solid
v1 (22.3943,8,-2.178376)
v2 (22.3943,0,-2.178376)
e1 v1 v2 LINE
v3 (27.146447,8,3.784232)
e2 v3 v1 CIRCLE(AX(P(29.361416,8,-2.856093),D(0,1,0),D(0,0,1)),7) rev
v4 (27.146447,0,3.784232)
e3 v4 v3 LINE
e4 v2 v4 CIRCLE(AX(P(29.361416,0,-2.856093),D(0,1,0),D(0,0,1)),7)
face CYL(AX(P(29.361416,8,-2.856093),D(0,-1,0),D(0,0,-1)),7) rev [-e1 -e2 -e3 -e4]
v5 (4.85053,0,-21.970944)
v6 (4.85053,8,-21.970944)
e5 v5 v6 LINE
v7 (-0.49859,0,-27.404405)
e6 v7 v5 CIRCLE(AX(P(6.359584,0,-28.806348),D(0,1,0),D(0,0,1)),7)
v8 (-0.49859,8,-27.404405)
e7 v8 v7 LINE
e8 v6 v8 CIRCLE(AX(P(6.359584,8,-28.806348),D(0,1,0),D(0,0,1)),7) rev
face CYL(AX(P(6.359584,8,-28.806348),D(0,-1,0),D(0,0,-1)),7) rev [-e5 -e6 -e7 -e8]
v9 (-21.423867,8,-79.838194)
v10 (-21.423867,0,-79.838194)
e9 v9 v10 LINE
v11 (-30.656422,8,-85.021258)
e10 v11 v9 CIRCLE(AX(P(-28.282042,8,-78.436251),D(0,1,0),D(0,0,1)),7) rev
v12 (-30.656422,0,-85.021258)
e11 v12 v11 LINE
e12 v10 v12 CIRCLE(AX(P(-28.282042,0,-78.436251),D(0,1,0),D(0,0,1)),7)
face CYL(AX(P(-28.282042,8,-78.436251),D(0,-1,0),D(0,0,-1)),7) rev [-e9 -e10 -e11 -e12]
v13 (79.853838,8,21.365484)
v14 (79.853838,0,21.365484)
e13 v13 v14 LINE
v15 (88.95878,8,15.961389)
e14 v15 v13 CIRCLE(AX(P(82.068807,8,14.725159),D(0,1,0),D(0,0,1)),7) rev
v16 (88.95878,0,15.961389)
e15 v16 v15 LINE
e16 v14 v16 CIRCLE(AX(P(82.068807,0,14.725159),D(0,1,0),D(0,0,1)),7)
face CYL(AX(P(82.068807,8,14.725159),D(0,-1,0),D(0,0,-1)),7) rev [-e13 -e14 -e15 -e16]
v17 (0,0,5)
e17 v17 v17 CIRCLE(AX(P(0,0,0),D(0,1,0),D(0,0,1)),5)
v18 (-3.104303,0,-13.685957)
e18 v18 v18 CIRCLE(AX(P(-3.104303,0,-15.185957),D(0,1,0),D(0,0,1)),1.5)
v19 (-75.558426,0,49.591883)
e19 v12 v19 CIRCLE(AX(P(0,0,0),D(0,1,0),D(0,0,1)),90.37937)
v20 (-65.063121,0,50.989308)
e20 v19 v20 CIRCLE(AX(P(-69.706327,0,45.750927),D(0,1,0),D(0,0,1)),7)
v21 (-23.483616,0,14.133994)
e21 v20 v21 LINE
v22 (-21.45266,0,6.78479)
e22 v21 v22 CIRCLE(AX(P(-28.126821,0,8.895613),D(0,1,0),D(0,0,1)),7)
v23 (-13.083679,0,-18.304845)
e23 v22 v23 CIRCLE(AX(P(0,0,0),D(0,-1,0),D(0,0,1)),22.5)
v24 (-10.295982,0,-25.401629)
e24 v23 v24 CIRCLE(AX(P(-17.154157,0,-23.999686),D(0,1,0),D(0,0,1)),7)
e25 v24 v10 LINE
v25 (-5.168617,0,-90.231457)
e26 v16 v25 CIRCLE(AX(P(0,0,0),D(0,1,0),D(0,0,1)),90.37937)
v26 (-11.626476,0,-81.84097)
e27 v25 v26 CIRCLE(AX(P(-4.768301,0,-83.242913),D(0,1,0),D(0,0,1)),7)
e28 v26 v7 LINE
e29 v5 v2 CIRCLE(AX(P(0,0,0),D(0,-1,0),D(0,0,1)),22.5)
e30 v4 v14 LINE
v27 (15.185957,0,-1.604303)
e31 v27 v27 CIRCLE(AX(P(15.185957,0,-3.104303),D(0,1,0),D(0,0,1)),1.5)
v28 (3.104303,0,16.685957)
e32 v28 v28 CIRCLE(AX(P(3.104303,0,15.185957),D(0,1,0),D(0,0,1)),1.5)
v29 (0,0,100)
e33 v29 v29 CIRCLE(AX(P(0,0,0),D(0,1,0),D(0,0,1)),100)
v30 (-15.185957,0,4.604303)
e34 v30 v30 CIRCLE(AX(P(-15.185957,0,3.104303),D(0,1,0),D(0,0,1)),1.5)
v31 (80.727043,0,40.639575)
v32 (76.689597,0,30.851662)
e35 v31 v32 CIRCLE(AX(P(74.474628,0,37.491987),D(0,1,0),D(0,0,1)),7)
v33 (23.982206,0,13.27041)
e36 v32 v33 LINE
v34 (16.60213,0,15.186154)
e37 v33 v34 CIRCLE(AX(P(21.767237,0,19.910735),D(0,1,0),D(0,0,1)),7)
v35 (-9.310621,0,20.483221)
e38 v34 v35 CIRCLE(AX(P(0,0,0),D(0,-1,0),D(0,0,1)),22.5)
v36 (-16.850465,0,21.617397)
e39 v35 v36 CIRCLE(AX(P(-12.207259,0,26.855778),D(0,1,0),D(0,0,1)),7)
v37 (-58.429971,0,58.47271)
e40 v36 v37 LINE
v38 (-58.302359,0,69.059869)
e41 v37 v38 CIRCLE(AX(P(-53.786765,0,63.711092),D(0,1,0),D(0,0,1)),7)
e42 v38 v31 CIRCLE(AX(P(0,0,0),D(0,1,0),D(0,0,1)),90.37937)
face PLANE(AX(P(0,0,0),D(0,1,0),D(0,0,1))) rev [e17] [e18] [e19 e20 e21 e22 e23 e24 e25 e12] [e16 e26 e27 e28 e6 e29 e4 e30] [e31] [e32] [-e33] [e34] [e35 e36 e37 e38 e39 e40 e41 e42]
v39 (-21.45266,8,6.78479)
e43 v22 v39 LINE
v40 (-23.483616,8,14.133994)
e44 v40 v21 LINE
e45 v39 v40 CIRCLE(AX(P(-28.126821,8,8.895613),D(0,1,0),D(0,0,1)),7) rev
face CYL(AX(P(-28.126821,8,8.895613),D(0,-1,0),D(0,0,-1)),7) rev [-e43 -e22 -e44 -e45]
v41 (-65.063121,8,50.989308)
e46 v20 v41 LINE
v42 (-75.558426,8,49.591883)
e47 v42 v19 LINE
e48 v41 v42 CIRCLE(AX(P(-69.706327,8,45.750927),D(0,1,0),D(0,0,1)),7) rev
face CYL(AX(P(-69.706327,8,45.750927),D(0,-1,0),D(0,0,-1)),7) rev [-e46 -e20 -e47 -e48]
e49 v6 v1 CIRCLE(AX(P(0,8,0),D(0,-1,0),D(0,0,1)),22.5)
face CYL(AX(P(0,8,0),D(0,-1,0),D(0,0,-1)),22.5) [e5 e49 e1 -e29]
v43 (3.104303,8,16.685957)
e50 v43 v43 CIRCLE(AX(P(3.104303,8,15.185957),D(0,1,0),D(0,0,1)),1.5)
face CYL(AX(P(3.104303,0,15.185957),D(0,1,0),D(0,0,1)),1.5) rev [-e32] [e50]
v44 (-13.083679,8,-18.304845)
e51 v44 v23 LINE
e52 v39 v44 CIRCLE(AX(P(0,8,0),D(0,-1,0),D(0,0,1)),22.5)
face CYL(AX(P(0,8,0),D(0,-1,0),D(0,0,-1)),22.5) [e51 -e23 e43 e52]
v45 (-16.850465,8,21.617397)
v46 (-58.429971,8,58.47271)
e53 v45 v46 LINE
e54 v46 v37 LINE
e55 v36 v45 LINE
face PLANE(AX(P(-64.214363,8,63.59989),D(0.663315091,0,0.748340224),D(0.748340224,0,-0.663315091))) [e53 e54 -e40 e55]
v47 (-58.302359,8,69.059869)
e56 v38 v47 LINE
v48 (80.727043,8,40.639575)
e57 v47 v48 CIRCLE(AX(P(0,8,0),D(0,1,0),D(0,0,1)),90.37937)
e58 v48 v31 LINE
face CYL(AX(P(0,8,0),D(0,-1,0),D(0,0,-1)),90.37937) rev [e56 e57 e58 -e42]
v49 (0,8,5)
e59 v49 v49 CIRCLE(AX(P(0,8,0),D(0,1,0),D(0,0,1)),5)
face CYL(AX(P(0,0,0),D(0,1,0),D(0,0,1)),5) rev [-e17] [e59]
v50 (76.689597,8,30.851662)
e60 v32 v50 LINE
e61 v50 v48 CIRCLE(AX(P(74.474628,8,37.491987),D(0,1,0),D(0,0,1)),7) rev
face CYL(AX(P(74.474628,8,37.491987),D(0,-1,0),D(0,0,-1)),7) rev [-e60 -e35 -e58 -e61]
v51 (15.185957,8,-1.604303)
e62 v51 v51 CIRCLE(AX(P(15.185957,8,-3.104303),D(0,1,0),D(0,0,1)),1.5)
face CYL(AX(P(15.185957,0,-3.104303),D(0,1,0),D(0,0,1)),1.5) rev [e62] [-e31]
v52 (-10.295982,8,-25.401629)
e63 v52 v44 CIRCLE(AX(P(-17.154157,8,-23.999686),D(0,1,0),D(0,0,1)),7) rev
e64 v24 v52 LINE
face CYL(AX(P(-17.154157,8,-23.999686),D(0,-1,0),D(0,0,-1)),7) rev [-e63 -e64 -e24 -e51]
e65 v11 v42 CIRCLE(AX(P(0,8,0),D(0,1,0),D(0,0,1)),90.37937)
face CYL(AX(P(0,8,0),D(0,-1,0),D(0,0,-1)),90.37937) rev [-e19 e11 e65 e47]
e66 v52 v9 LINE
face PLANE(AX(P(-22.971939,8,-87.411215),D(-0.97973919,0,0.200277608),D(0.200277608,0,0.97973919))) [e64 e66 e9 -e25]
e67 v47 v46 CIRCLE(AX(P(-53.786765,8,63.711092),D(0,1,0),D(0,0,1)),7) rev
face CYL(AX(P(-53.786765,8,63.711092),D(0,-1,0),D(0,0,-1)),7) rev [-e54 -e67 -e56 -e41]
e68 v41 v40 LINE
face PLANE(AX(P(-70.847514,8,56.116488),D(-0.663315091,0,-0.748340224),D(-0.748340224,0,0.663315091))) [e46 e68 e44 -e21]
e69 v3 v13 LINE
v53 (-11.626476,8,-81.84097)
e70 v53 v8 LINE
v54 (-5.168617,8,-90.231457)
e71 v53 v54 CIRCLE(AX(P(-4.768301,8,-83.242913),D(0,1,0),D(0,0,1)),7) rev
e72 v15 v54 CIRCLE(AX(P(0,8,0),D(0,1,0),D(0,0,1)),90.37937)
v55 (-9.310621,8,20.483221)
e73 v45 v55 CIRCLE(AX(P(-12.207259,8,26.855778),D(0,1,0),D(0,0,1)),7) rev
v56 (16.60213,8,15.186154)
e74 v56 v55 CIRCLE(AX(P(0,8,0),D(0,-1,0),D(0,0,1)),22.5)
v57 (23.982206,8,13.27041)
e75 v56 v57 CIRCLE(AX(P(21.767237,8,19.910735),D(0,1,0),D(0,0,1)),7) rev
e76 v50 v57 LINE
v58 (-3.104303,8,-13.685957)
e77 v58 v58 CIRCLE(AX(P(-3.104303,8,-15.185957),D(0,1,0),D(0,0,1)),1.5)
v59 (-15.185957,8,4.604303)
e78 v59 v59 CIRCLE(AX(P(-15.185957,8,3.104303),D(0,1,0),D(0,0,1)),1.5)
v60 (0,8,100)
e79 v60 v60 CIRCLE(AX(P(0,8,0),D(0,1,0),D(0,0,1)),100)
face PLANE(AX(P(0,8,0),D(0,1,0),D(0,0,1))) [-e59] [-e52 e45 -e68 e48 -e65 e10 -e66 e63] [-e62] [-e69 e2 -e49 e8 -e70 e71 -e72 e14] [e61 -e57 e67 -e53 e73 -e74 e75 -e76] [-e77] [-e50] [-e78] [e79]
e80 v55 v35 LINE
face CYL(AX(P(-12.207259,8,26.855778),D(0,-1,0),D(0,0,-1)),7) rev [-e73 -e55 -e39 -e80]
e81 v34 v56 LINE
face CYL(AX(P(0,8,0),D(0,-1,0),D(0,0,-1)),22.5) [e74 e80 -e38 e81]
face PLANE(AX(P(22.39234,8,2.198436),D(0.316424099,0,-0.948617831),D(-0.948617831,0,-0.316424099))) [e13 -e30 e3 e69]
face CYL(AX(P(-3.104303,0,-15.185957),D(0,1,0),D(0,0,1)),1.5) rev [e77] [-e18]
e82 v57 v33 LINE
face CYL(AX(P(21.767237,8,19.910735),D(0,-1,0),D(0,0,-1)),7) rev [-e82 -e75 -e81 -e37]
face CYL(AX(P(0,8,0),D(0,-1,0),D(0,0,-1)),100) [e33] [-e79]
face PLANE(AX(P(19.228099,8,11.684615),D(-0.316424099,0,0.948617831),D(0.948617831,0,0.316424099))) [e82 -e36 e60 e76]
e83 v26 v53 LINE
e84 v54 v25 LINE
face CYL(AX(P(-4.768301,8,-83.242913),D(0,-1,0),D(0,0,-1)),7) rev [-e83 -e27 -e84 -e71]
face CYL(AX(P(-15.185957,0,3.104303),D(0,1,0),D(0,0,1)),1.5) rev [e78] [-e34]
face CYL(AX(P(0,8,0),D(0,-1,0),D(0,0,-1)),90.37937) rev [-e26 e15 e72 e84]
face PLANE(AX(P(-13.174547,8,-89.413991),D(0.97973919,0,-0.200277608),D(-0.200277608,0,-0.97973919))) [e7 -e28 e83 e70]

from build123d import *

# Parameters (mm, degrees)
SKETCH_1_R          = 100
EXTRUDE_2_DEPTH     = 8
SKETCH_3_R          = 5
SKETCH_3_R_2        = 1.5
CUT_EXTRUDE_1_DEPTH = 142.647449677
FILLET_1_R          = 7
FILLET_2_R          = 7


with BuildPart() as part:
    # 草图1 → 凸台-拉伸2 (new body)
    with BuildSketch(Plane(origin=(0, 0, 0), x_dir=(1, 0, 0), z_dir=(0, 1, 0))):
        with Locations(Location((0, 0, 0), (0, 0, 270))):
            Circle(SKETCH_1_R)
        with BuildLine():
            Line((-22.971939134, 87.411215106), (-9.292268133, 20.49155321))
            ThreePointArc((-9.292268133, 20.49155321), (-21.343901201, 7.119542226), (-19.733222484, -10.809714631))
            Line((-19.733222484, -10.809714631), (-70.847514199, -56.116488181))
            ThreePointArc((-70.847514199, -56.116488181), (-85.735481912, 28.5982107), (-22.971939134, 87.411215106))
        make_face(mode=Mode.SUBTRACT)
        with BuildLine():
            Line((-13.174547237, 89.413991181), (0.505123764, 22.494329285))
            ThreePointArc((0.505123764, 22.494329285), (16.837655032, 14.924589543), (22.392339709, -2.198436343))
            Line((22.392339709, -2.198436343), (87.186302424, -23.811324689))
            ThreePointArc((87.186302424, -23.811324689), (67.634517925, 59.949999991), (-13.174547237, 89.413991181))
        make_face(mode=Mode.SUBTRACT)
        with BuildLine():
            Line((19.22809872, -11.684614654), (84.022061435, -33.297503))
            ThreePointArc((84.022061435, -33.297503), (18.100963986, -88.548210691), (-64.21436329, -63.599890417))
            Line((-64.21436329, -63.599890417), (-13.100071576, -18.293116867))
            ThreePointArc((-13.100071576, -18.293116867), (4.50624617, -22.044131769), (19.22809872, -11.684614654))
        make_face(mode=Mode.SUBTRACT)
    extrude(amount=EXTRUDE_2_DEPTH)

    # 草图3 → 切除-拉伸1 (cut, through all)
    with BuildSketch(Plane(origin=(0, 8, 0), x_dir=(1, 0, 0), z_dir=(0, 1, 0))):
        with Locations(Location((0, 0, 0), (0, 0, 270))):
            Circle(SKETCH_3_R)
        with Locations(Location((-3.104302917, 15.185957441, 0), (0, 0, 270))):
            Circle(SKETCH_3_R_2)
        with Locations(Location((15.185957441, 3.104302917, 0), (0, 0, 270))):
            Circle(SKETCH_3_R_2)
        with Locations(Location((3.104302917, -15.185957441, 0), (0, 0, 270))):
            Circle(SKETCH_3_R_2)
        with Locations(Location((-15.185957441, -3.104302917, 0), (0, 0, 270))):
            Circle(SKETCH_3_R_2)
    extrude(amount=-CUT_EXTRUDE_1_DEPTH, mode=Mode.SUBTRACT)

    # 圆角1
    fillet_1_edges = [part.edges().sort_by_distance(p)[0] for p in [
        (87.186302424, 4, 23.811324689),
        (-13.174547237, 4, -89.413991181),
        (-64.21436329, 4, 63.599890417),
        (84.022061435, 4, 33.297503),
        (-22.971939134, 4, -87.411215106),
        (-70.847514199, 4, 56.116488181),
    ]]
    fillet(fillet_1_edges, radius=FILLET_1_R)

    # 圆角2
    fillet_2_edges = [part.edges().sort_by_distance(p)[0] for p in [
        (0.505123764, 4, -22.494329285),
        (22.392339709, 4, 2.198436343),
        (19.22809872, 4, 11.684614654),
        (-13.100071576, 4, 18.293116867),
        (-19.733222484, 4, 10.809714631),
        (-9.292268133, 4, -20.49155321),
    ]]
    fillet(fillet_2_edges, radius=FILLET_2_R)


solid = part.part
